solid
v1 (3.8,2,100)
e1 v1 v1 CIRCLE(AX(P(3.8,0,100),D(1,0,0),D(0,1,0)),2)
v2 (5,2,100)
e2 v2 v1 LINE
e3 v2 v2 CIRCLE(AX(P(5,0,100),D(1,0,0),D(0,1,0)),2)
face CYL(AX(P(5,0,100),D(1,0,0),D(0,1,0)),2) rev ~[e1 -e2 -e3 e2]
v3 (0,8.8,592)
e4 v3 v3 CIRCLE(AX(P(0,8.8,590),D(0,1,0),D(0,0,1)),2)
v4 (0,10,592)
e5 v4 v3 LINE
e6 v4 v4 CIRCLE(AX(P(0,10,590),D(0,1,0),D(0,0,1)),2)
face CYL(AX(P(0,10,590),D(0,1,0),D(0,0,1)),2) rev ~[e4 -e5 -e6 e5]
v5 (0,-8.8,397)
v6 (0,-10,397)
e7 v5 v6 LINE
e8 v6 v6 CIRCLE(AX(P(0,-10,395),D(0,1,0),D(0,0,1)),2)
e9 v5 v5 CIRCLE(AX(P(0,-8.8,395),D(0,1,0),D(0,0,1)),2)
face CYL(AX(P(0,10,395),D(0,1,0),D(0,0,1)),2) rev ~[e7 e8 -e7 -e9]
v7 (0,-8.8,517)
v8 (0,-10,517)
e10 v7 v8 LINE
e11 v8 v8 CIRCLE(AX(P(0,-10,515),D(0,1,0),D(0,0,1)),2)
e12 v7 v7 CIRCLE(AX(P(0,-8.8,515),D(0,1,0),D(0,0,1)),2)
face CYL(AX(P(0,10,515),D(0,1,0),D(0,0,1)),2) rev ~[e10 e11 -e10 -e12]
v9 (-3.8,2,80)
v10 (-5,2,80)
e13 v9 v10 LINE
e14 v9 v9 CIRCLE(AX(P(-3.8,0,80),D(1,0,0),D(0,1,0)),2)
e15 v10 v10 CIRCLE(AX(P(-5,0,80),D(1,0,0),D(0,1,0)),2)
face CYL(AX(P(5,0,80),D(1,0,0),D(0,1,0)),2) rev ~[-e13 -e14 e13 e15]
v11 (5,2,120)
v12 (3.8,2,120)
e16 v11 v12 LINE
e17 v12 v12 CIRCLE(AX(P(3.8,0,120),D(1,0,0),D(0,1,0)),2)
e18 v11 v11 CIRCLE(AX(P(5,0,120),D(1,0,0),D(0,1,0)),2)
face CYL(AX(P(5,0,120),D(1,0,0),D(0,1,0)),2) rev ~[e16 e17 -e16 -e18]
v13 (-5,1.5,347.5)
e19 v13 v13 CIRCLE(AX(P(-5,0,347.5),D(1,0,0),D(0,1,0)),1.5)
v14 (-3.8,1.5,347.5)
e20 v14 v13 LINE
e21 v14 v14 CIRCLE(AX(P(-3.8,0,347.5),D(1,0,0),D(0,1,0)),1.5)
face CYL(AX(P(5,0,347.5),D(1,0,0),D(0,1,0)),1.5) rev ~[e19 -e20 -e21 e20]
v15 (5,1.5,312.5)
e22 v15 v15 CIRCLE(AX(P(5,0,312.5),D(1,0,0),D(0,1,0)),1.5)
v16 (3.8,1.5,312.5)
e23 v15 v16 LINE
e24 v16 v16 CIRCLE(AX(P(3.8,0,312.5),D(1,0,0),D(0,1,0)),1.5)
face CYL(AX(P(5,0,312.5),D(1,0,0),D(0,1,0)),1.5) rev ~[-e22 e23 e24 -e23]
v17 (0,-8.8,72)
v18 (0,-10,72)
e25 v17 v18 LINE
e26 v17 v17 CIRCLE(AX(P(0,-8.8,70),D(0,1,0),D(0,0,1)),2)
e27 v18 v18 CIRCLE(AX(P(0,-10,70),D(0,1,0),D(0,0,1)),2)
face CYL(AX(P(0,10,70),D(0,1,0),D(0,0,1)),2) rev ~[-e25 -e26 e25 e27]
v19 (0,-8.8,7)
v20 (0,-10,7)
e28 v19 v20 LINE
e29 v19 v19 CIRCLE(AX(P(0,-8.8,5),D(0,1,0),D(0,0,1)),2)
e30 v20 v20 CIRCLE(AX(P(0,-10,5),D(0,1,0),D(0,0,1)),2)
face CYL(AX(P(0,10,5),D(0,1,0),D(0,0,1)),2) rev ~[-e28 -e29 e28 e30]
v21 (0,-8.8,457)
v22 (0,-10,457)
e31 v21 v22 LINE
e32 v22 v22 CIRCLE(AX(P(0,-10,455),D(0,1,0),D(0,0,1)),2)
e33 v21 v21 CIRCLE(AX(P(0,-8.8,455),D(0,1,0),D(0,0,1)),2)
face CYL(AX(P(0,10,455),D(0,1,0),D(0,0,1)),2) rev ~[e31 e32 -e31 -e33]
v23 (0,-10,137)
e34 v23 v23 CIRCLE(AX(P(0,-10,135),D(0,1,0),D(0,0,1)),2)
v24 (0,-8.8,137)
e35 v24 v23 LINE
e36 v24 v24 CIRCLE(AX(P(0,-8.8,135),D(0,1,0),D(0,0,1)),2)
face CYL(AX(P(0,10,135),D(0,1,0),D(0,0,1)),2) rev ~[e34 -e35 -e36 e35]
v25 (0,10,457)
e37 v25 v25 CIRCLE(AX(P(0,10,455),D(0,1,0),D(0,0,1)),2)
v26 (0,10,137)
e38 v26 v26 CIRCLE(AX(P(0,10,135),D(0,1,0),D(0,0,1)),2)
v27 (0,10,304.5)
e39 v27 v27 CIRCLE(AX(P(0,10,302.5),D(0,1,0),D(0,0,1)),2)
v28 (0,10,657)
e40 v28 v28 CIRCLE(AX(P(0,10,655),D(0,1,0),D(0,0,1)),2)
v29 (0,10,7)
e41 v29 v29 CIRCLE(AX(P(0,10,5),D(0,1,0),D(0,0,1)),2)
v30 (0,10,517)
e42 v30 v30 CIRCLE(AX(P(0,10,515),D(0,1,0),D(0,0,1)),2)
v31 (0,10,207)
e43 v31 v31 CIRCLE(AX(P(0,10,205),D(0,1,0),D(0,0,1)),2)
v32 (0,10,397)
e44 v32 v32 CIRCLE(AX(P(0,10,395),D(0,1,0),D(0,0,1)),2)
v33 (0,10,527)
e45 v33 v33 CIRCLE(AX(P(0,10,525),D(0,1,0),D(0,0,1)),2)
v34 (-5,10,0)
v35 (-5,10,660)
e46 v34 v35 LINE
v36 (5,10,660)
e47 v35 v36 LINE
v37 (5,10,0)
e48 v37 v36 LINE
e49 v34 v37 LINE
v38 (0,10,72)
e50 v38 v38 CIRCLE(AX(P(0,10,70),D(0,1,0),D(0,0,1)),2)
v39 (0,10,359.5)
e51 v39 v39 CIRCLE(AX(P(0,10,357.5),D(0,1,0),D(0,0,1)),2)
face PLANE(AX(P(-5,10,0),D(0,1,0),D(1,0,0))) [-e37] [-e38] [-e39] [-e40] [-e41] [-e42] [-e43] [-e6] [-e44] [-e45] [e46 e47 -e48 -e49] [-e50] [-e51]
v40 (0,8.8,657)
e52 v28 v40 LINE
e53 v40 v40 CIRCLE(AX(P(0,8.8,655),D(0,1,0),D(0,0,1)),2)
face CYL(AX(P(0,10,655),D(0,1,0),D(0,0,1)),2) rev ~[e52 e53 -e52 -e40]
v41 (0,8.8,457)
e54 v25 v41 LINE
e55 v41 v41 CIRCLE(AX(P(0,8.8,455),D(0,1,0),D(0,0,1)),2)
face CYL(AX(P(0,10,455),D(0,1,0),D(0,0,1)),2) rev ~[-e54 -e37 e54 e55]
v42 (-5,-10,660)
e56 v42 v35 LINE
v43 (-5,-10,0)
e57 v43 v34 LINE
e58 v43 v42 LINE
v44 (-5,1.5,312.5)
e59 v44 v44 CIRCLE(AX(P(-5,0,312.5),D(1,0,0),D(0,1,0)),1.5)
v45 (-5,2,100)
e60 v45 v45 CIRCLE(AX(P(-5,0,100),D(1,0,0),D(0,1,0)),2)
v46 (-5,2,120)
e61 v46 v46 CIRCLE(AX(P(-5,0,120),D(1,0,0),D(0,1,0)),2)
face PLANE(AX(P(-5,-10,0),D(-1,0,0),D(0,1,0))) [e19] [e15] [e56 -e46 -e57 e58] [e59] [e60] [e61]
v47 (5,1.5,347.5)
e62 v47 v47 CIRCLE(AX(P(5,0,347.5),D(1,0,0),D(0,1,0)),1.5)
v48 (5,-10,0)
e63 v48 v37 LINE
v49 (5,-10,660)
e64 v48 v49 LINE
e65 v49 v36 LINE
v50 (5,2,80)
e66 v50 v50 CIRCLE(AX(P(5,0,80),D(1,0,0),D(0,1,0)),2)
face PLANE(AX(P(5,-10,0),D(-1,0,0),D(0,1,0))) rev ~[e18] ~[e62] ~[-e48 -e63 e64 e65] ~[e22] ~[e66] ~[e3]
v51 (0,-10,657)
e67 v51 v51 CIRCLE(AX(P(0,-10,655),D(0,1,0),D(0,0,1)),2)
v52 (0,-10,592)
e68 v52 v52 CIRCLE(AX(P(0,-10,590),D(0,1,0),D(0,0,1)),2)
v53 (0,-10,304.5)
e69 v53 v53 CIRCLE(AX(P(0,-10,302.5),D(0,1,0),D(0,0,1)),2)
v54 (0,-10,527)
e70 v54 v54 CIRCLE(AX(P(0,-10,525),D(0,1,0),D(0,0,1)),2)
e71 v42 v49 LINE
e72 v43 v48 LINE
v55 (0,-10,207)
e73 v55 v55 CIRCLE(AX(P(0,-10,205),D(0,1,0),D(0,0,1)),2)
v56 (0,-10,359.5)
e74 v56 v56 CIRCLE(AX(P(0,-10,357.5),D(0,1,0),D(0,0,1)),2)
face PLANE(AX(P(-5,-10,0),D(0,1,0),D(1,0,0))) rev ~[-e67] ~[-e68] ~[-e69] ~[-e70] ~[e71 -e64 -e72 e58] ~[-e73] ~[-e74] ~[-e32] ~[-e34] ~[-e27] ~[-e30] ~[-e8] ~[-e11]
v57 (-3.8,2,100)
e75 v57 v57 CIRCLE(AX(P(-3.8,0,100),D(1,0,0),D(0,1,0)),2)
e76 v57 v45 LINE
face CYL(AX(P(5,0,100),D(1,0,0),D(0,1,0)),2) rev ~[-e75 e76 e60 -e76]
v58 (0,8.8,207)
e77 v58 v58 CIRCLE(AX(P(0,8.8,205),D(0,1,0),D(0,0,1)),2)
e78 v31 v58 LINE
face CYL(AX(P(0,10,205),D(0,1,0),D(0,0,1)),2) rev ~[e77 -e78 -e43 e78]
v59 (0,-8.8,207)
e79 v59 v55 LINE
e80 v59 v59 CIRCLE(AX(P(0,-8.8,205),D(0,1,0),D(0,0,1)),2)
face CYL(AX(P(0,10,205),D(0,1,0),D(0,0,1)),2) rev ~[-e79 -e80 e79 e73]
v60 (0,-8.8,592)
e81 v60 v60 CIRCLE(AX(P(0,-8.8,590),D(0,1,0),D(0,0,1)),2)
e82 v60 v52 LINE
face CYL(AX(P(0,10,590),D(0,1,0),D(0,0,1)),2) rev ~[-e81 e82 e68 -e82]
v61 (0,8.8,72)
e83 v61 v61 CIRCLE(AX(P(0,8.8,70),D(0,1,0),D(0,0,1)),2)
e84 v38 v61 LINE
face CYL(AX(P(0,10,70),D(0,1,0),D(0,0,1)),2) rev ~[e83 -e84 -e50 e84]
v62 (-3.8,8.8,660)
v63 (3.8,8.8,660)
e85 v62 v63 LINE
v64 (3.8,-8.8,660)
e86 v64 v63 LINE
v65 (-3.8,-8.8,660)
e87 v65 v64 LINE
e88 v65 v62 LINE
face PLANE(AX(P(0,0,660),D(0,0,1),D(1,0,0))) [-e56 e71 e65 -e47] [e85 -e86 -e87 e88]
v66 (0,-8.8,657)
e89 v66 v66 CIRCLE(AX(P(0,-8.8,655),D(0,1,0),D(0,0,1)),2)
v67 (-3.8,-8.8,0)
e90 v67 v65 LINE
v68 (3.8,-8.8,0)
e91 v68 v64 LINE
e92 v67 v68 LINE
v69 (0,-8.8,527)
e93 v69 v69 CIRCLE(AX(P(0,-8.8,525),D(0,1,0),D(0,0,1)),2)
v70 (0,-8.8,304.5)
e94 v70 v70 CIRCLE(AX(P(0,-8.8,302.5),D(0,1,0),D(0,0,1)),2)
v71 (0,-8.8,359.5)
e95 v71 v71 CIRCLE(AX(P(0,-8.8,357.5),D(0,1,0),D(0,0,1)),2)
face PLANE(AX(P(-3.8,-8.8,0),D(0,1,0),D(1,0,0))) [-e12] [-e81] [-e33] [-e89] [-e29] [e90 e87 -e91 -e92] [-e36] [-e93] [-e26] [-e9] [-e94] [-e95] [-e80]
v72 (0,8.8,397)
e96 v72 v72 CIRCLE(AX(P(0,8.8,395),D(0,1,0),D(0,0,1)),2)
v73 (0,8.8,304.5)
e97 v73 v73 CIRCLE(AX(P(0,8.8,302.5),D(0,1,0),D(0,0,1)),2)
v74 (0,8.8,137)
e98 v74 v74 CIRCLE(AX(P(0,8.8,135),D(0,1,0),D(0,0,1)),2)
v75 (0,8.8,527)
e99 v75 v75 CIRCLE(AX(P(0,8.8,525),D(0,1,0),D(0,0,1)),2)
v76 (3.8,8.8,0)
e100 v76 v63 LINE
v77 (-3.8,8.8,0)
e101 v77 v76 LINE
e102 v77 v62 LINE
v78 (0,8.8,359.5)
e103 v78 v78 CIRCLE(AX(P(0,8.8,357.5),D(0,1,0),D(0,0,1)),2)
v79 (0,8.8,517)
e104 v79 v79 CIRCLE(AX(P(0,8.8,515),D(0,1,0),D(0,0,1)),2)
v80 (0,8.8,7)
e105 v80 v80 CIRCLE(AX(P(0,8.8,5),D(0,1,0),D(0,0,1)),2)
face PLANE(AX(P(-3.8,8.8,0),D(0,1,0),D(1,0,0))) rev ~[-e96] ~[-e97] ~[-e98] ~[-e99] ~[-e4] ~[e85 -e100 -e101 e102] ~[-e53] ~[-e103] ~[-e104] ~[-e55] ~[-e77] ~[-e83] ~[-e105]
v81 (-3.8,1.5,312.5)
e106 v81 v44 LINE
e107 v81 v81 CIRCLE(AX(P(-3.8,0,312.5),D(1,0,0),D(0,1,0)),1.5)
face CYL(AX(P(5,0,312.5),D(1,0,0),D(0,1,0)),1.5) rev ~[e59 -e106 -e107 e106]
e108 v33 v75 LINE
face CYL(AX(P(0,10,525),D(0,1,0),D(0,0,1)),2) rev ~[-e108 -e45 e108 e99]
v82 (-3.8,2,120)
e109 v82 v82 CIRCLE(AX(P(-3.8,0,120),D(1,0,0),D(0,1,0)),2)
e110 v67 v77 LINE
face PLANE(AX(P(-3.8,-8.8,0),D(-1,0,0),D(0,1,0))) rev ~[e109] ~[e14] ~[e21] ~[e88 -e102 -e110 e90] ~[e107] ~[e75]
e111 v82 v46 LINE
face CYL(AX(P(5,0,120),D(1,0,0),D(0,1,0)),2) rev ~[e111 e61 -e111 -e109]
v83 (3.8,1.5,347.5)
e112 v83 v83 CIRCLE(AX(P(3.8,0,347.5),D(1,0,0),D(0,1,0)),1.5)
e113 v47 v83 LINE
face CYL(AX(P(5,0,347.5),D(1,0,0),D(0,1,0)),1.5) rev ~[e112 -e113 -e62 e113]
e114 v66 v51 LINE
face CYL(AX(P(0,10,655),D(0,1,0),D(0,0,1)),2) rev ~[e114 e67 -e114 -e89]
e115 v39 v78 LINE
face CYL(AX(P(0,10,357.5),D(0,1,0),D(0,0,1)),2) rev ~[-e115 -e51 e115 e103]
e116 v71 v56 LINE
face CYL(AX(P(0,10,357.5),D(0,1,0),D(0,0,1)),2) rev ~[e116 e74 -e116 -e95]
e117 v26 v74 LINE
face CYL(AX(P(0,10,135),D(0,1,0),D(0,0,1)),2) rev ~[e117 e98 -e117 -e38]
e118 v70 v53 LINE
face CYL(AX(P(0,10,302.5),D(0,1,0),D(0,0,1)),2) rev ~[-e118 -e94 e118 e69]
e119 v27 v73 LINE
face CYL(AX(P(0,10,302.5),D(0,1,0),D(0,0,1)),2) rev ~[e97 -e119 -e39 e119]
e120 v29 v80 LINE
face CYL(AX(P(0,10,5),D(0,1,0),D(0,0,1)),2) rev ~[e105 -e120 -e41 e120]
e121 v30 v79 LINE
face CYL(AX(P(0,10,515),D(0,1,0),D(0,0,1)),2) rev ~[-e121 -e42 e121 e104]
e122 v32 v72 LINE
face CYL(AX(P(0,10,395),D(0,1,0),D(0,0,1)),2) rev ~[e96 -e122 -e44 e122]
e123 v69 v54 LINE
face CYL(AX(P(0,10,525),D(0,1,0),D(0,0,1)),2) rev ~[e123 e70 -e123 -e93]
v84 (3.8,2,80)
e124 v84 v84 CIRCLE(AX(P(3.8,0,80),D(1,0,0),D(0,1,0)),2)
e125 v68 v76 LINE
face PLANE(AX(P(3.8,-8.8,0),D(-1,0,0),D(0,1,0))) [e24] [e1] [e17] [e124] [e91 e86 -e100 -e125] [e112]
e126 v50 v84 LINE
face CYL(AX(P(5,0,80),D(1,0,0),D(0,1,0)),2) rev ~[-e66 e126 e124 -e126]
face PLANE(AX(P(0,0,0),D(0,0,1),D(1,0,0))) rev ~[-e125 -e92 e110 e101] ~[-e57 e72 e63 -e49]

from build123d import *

# Parameters (mm, degrees)
SKETCH_1_W          = 10
SKETCH_1_H          = 20
SKETCH_1_W_2        = 7.6
SKETCH_1_H_2        = 17.6
EXTRUDE_1_DEPTH     = 660
SKETCH_2_R          = 2
CUT_EXTRUDE_1_DEPTH = 661.321891202
SKETCH_3_R          = 1.5
SKETCH_3_R_2        = 2
CUT_EXTRUDE_2_DEPTH = 661.151497764


with BuildPart() as part:
    # ｽｹｯﾁ1 → 押し出し-薄板1 (new body)
    with BuildSketch(Plane.XY):
        Rectangle(SKETCH_1_W, SKETCH_1_H)
        Rectangle(SKETCH_1_W_2, SKETCH_1_H_2, mode=Mode.SUBTRACT)
    extrude(amount=EXTRUDE_1_DEPTH)

    # ｽｹｯﾁ2 → ｶｯﾄ - 押し出し1 (cut, through all)
    with BuildSketch(Plane(origin=(0, 10, 0), x_dir=(1, 0, 0), z_dir=(0, 1, 0))):
        with Locations(Location((0, -525, 0), (0, 0, 270))):
            Circle(SKETCH_2_R)
        with Locations(Location((0, -655, 0), (0, 0, 270))):
            Circle(SKETCH_2_R)
        with Locations(Location((0, -590, 0), (0, 0, 270))):
            Circle(SKETCH_2_R)
        with Locations(Location((0, -5, 0), (0, 0, 270))):
            Circle(SKETCH_2_R)
        with Locations(Location((0, -70, 0), (0, 0, 270))):
            Circle(SKETCH_2_R)
        with Locations(Location((0, -135, 0), (0, 0, 270))):
            Circle(SKETCH_2_R)
        with Locations(Location((0, -515, 0), (0, 0, 270))):
            Circle(SKETCH_2_R)
        with Locations(Location((0, -357.5, 0), (0, 0, 270))):
            Circle(SKETCH_2_R)
        with Locations(Location((0, -302.5, 0), (0, 0, 270))):
            Circle(SKETCH_2_R)
        with Locations(Location((0, -395, 0), (0, 0, 270))):
            Circle(SKETCH_2_R)
        with Locations(Location((0, -455, 0), (0, 0, 270))):
            Circle(SKETCH_2_R)
        with Locations(Location((0, -205, 0), (0, 0, 270))):
            Circle(SKETCH_2_R)
    extrude(amount=-CUT_EXTRUDE_1_DEPTH, mode=Mode.SUBTRACT)

    # ｽｹｯﾁ3 → ｶｯﾄ - 押し出し2 (cut, through all)
    with BuildSketch(Plane(origin=(5, 0, 0), x_dir=(0, 0, -1), z_dir=(1, 0, 0))):
        with Locations(Location((-312.5, 0, 0), (0, 0, 90))):
            Circle(SKETCH_3_R)
        with Locations(Location((-347.5, 0, 0), (0, 0, 90))):
            Circle(SKETCH_3_R)
        with Locations(Location((-100, 0, 0), (0, 0, 90))):
            Circle(SKETCH_3_R_2)
        with Locations(Location((-80, 0, 0), (0, 0, 90))):
            Circle(SKETCH_3_R_2)
        with Locations(Location((-120, 0, 0), (0, 0, 90))):
            Circle(SKETCH_3_R_2)
    extrude(amount=-CUT_EXTRUDE_2_DEPTH, mode=Mode.SUBTRACT)


solid = part.part
